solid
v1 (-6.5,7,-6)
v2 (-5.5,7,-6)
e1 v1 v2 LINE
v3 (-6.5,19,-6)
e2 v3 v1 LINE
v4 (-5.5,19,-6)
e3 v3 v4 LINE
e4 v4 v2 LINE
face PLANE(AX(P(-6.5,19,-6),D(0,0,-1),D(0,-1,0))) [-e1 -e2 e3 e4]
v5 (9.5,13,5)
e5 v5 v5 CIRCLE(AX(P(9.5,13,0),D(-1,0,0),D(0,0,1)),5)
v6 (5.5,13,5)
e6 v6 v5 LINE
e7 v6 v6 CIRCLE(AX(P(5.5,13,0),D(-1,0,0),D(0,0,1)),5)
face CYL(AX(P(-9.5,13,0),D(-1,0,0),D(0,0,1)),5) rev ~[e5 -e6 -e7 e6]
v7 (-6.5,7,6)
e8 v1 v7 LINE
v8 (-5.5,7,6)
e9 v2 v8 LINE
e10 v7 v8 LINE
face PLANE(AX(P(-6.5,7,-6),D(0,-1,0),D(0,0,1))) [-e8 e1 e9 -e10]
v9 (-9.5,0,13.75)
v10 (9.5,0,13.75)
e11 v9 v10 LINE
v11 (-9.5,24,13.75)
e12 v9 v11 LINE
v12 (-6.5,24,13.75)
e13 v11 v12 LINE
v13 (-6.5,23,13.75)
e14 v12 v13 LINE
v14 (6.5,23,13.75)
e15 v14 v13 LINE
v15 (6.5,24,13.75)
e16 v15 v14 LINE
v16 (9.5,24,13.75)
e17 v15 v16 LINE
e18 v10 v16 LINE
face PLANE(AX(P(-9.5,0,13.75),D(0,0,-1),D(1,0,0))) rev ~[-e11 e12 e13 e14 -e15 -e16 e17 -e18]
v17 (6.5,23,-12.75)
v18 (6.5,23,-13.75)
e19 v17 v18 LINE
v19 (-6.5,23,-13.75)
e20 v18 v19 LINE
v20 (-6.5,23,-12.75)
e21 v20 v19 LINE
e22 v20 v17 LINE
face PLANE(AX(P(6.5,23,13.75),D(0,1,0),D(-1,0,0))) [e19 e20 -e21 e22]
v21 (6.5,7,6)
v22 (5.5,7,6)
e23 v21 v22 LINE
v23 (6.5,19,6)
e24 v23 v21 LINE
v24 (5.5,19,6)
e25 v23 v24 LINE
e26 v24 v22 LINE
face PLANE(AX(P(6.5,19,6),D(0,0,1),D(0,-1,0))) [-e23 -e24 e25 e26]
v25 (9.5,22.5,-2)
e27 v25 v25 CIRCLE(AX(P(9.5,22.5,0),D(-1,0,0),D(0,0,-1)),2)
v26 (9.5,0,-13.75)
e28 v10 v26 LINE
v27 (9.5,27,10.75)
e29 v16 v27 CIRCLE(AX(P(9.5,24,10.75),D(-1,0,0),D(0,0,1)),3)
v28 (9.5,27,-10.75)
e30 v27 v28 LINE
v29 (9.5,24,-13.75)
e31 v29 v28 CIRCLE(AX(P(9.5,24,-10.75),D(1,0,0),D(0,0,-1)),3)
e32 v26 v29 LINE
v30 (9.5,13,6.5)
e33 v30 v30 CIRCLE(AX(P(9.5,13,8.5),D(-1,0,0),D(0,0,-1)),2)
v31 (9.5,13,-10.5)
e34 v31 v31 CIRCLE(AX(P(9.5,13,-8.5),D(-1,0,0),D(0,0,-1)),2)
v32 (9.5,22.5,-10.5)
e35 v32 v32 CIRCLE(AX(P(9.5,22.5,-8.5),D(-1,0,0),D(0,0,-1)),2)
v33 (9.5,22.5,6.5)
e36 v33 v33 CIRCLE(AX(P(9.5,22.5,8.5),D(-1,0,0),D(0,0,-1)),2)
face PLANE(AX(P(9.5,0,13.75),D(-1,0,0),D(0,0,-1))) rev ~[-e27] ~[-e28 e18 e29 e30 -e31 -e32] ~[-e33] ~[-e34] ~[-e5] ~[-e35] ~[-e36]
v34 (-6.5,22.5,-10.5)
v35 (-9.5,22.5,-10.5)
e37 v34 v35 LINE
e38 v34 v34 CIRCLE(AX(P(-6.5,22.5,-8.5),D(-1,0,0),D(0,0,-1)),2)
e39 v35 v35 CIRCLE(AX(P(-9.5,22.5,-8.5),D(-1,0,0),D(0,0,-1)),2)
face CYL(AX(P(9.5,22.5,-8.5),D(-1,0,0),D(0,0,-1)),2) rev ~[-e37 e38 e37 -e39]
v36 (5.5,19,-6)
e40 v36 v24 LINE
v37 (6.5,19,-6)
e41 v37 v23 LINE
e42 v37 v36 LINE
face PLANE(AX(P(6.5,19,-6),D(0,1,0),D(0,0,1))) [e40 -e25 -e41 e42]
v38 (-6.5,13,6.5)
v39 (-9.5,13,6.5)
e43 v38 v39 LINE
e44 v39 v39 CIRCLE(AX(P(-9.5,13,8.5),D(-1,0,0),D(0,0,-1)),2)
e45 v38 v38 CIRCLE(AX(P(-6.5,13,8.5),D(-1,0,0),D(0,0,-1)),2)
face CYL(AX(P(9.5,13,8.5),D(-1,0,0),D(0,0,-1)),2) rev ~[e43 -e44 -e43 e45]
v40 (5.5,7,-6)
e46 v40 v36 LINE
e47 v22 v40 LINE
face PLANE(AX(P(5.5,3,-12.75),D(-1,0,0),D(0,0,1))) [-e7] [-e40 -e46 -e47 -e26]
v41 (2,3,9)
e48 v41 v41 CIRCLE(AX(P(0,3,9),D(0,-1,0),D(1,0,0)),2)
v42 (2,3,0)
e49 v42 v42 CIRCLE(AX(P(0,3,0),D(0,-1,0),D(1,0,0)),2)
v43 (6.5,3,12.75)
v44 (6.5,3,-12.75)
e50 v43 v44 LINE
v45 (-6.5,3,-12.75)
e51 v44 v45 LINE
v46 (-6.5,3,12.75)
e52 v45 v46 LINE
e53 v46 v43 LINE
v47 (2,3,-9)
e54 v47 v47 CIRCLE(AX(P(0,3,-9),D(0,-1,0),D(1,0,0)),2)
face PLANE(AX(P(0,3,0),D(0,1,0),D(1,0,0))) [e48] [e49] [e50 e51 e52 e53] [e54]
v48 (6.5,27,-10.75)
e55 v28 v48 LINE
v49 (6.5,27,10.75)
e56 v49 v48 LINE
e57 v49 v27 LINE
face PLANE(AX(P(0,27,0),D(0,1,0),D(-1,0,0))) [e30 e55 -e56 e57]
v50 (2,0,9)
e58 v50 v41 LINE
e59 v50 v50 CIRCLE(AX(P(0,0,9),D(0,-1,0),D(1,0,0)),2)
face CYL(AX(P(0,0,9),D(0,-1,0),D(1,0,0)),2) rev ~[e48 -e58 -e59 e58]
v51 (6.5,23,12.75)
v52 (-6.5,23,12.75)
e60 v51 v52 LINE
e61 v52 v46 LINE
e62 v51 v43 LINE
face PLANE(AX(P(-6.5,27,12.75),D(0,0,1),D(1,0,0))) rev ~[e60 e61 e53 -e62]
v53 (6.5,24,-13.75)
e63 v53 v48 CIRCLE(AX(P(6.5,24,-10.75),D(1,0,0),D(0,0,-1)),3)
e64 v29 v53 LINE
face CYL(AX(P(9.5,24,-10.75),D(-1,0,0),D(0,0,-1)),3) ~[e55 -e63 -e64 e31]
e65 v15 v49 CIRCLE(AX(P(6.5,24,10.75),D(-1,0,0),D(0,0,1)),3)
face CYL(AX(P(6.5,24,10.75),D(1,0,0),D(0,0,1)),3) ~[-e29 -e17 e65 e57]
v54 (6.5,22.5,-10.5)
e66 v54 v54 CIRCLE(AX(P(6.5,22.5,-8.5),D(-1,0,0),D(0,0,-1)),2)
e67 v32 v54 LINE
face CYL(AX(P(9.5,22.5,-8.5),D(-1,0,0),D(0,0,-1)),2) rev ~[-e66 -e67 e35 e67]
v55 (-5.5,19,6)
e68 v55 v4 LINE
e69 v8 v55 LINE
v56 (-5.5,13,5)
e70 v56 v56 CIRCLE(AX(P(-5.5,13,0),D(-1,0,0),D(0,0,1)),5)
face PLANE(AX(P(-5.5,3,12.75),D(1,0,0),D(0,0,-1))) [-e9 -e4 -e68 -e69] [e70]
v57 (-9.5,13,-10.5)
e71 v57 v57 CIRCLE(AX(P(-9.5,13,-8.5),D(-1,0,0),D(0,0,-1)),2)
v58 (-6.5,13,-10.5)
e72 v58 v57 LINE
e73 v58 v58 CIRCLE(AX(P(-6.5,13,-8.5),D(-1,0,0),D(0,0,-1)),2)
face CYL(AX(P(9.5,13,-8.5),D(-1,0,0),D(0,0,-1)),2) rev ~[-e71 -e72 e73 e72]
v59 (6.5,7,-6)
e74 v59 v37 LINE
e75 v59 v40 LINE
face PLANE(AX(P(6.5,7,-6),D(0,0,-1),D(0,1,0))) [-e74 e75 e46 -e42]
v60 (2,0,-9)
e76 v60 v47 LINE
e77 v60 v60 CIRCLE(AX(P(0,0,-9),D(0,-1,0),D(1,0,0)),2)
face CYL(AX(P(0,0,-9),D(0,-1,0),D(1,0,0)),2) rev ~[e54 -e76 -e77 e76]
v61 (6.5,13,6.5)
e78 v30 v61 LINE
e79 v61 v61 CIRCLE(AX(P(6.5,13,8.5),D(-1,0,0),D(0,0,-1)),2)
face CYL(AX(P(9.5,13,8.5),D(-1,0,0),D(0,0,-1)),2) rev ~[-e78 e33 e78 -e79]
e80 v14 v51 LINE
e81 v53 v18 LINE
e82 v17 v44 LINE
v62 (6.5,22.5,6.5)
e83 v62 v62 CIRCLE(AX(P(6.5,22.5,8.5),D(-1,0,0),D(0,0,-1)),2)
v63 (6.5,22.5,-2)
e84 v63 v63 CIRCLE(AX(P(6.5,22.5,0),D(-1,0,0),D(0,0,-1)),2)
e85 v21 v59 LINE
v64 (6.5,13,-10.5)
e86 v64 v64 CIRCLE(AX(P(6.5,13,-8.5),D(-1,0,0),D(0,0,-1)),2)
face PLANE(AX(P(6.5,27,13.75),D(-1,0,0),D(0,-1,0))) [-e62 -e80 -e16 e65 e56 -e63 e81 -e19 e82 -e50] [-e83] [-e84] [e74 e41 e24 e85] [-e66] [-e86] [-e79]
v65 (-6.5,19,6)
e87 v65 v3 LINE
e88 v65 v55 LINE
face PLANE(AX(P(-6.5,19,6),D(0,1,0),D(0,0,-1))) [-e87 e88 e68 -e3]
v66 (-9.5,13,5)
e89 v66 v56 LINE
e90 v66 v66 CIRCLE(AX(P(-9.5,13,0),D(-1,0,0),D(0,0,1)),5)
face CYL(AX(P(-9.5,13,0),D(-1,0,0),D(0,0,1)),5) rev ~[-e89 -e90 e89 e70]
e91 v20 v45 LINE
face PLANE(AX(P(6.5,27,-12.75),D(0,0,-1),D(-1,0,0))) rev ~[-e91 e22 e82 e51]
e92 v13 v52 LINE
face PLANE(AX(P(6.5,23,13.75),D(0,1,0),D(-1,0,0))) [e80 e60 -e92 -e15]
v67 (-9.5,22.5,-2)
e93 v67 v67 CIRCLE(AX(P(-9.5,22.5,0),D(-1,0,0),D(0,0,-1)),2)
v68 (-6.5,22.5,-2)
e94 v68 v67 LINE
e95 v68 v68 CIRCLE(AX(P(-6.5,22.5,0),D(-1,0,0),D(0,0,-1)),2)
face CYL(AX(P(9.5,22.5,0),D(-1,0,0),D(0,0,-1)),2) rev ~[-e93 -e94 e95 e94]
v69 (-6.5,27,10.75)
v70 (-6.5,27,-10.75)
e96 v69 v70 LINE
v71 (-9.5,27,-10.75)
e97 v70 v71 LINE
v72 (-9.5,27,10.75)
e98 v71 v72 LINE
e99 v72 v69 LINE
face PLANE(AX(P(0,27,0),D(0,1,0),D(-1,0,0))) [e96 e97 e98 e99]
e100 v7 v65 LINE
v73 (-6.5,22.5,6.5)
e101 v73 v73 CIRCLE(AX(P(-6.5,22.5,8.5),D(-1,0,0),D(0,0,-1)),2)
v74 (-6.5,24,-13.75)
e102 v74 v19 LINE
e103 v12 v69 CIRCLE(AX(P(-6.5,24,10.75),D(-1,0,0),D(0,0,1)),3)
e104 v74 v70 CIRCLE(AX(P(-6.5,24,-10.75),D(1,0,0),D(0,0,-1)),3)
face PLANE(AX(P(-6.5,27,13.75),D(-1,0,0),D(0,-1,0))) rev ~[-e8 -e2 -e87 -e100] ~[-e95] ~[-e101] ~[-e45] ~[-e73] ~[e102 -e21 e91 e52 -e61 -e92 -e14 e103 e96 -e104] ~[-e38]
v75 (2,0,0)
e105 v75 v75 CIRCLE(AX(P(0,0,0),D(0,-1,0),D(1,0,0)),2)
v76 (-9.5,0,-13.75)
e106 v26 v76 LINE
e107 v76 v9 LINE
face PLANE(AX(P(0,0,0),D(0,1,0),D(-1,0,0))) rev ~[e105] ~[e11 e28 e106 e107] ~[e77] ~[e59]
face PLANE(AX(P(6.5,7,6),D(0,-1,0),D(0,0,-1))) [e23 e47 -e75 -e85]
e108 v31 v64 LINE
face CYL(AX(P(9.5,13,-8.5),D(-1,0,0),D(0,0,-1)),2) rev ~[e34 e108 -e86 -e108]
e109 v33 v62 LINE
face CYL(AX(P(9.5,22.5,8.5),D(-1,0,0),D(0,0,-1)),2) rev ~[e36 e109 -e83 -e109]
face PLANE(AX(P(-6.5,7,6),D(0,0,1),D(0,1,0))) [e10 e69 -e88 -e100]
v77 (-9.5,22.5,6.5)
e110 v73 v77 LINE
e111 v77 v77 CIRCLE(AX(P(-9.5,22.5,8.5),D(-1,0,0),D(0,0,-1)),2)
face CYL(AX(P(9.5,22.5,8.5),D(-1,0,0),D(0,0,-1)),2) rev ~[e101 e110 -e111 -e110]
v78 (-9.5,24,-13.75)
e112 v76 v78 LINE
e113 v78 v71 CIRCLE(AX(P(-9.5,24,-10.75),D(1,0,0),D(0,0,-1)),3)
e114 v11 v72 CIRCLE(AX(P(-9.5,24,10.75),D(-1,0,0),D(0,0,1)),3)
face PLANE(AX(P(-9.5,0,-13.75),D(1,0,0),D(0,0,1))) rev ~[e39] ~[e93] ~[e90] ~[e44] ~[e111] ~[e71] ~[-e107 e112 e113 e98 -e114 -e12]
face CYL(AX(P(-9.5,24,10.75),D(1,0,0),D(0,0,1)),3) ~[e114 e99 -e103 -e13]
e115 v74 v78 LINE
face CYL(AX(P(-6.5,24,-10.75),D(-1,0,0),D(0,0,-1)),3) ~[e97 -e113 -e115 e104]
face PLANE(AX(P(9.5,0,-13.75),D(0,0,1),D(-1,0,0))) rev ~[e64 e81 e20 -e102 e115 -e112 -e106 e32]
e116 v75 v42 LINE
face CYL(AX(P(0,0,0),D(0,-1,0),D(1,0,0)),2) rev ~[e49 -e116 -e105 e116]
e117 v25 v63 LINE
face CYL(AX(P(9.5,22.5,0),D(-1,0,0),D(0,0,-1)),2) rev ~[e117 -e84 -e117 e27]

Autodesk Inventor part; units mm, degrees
ref_plane "YZ Plane" through (0, 0, 0) normal (1, 0, 0) x (0, 1, 0)
ref_plane "XZ Plane" through (0, 0, 0) normal (0, 1, 0) x (-1, 0, 0)
ref_plane "XY Plane" through (0, 0, 0) normal (0, 0, 1) x (1, 0, 0)
sketch "Sketch1" plane through (0, 0, 0) normal (0, 1, 0) x (-1, 0, 0)
  line L0 (9.5, 13.75) -> (-9.5, 13.75)
  line L1 (-9.5, 13.75) -> (-9.5, -13.75)
  line L2 (-9.5, -13.75) -> (9.5, -13.75)
  line L3 (9.5, -13.75) -> (9.5, 13.75)
  point P0 (0, 0)
  dimension "d0" = 19
  dimension "d1" = 27.5
  dimension "d2" = 13.75
  dimension "d3" = 9.5
extrude "Extrusion1" add sketch "Sketch1" along normal blind 27
sketch "Sketch2" plane through (0, 27, 0) normal (0, 1, 0) x (1, 0, 0)
  line L0 (9.5, 13.75) -> (-9.5, 13.75) projected
  line L1 (9.5, -13.75) -> (9.5, 13.75) projected
  line L2 (-9.5, -13.75) -> (9.5, -13.75) projected
  line L3 (-9.5, 13.75) -> (-9.5, -13.75) projected
  line L4 (-6.5, -12.75) -> (6.5, -12.75)
  line L5 (6.5, -12.75) -> (6.5, 12.75)
  line L6 (6.5, 12.75) -> (-6.5, 12.75)
  line L7 (-6.5, 12.75) -> (-6.5, -12.75)
  point P0 (0, 0)
  dimension "d6" = 3
  dimension "d7" = 3
  dimension "d8" = 1
  dimension "d9" = 1
extrude "Extrusion2" cut sketch "Sketch2" against normal blind 24 contours L7 L6 L5 L4
sketch "Sketch3" plane through (-9.5, 0, 13.75) normal (0, 0, 1) x (1, 0, 0)
  line L0 (0, 27) -> (19, 27) projected
  line L1 (3, 27) -> (3, 3) projected
  line L2 (16, 27) -> (16, 3) projected
  line L3 (3, 27) -> (3, 3) projected
  line L4 (16, 27) -> (16, 3) projected
  line L5 (3, 27) -> (16, 27)
  line L6 (16, 27) -> (16, 23)
  line L7 (16, 23) -> (3, 23)
  line L8 (3, 23) -> (3, 27)
  point P0 (9.5, 0)
  point P1 (3, 23)
  dimension "d12" = 4
extrude "Extrusion3" cut sketch "Sketch3" against normal blind 30
fillet "Fillet1" radius 3 4 edges at (-8, 27, 13.75) (-8, 27, -13.75) (8, 27, -13.75) (8, 27, 13.75)
sketch "Sketch4" plane through (0, 0, 0) normal (0, -1, 0) x (1, 0, 0)
  circle A0 centre (0, 0) radius 2
  circle A1 centre (0, -9) radius 2
  circle A2 centre (0, 9) radius 2
  dimension "d16" = 4
  dimension "d17" = 4
  dimension "d18" = 4
  dimension "d19" = 9
  dimension "d20" = 9
extrude "Extrusion4" cut sketch "Sketch4" against normal blind 5
sketch "Sketch5" plane through (9.5, 0, 13.75) normal (1, 0, 0) x (0, 0, -1)
  line L0 (3, 27) -> (24.5, 27) projected
  line L1 (27.5, 0) -> (27.5, 24) projected
  line L2 (0, 0) -> (0, 24) projected
  circle A0 centre (13.75, 13) radius 2
  circle A1 centre (22.25, 13) radius 2
  circle A2 centre (5.25, 13) radius 2
  line L3 (1.7351, 17.75) -> (24.75, 17.75) construction
  circle A3 centre (13.75, 22.5) radius 2
  circle A4 centre (22.25, 22.5) radius 2
  circle A5 centre (5.25, 22.5) radius 2
  point P0 (13.75, 0)
  dimension "d23" = 14
  dimension "d24" = 27.5
  dimension "d25" = 13.75
  dimension "d26" = 4
  dimension "d27" = 0
  dimension "d28" = 0
  dimension "d29" = 4
  dimension "d30" = 4
  dimension "d31" = 8.5
  dimension "d32" = 8.5
  dimension "d35" = 4.75
hole "Hole1" at (9.5, 22.5, 8.5) at (9.5, 22.5, 0) at (9.5, 22.5, -8.5) at (9.5, 13, 0) at (9.5, 13, -8.5) at (9.5, 13, 8.5) direction (-1, 0, 0) diameter 4 end through all
sketch "Sketch6" plane through (-6.5, 3, 12.75) normal (1, 0, 0) x (0, 0, -1)
  circle A0 centre (12.75, 10) radius 2 projected
  line L0 (6.75, 16) -> (18.75, 16)
  line L1 (18.75, 16) -> (18.75, 4)
  line L2 (18.75, 4) -> (6.75, 4)
  line L3 (6.75, 4) -> (6.75, 16)
  point P0 (12.75, -3)
  dimension "d43" = 12
  dimension "d44" = 12
  dimension "d45" = 6
  dimension "d46" = 6
extrude "Extrusion5" add sketch "Sketch6" along normal blind 1
sketch "Sketch7" plane through (6.5, 3, -12.75) normal (-1, 0, 0) x (0, 0, 1)
  line L0 (6.75, 16) -> (18.75, 16) projected
  line L1 (6.75, 4) -> (6.75, 16) projected
  line L2 (18.75, 16) -> (18.75, 4) projected
  line L3 (18.75, 4) -> (6.75, 4) projected
  circle A0 centre (12.75, 10) radius 2 projected
  line L4 (18.75, 16) -> (6.75, 16)
  line L5 (6.75, 16) -> (6.75, 4)
  line L6 (6.75, 4) -> (18.75, 4)
  line L7 (18.75, 4) -> (18.75, 16)
  point P0 (12.75, -3)
extrude "Extrusion6" add sketch "Sketch7" along normal blind 1
sketch "Sketch8" plane through (-9.5, 0, -13.75) normal (-1, 0, 0) x (0, 0, 1)
  circle A0 centre (13.75, 13) radius 2 projected
  circle A1 centre (13.75, 13) radius 5
  point P0 (13.75, 0)
  dimension "d51" = 10
extrude "Extrusion7" cut sketch "Sketch8" against normal through all
equation "\"d2\" = 0.5 * d1"
equation "\"d3\" = 0.5 * d0"
equation "\"d16\" = d17"
equation "\"d18\" = d17"
equation "\"d20\" = d19"
equation "\"d25\" = 0.5 * d24"
equation "\"d29\" = d26"
equation "\"d30\" = d26"
properties part number "SoporteEncoder" material "Plastic, Opaque Black"
